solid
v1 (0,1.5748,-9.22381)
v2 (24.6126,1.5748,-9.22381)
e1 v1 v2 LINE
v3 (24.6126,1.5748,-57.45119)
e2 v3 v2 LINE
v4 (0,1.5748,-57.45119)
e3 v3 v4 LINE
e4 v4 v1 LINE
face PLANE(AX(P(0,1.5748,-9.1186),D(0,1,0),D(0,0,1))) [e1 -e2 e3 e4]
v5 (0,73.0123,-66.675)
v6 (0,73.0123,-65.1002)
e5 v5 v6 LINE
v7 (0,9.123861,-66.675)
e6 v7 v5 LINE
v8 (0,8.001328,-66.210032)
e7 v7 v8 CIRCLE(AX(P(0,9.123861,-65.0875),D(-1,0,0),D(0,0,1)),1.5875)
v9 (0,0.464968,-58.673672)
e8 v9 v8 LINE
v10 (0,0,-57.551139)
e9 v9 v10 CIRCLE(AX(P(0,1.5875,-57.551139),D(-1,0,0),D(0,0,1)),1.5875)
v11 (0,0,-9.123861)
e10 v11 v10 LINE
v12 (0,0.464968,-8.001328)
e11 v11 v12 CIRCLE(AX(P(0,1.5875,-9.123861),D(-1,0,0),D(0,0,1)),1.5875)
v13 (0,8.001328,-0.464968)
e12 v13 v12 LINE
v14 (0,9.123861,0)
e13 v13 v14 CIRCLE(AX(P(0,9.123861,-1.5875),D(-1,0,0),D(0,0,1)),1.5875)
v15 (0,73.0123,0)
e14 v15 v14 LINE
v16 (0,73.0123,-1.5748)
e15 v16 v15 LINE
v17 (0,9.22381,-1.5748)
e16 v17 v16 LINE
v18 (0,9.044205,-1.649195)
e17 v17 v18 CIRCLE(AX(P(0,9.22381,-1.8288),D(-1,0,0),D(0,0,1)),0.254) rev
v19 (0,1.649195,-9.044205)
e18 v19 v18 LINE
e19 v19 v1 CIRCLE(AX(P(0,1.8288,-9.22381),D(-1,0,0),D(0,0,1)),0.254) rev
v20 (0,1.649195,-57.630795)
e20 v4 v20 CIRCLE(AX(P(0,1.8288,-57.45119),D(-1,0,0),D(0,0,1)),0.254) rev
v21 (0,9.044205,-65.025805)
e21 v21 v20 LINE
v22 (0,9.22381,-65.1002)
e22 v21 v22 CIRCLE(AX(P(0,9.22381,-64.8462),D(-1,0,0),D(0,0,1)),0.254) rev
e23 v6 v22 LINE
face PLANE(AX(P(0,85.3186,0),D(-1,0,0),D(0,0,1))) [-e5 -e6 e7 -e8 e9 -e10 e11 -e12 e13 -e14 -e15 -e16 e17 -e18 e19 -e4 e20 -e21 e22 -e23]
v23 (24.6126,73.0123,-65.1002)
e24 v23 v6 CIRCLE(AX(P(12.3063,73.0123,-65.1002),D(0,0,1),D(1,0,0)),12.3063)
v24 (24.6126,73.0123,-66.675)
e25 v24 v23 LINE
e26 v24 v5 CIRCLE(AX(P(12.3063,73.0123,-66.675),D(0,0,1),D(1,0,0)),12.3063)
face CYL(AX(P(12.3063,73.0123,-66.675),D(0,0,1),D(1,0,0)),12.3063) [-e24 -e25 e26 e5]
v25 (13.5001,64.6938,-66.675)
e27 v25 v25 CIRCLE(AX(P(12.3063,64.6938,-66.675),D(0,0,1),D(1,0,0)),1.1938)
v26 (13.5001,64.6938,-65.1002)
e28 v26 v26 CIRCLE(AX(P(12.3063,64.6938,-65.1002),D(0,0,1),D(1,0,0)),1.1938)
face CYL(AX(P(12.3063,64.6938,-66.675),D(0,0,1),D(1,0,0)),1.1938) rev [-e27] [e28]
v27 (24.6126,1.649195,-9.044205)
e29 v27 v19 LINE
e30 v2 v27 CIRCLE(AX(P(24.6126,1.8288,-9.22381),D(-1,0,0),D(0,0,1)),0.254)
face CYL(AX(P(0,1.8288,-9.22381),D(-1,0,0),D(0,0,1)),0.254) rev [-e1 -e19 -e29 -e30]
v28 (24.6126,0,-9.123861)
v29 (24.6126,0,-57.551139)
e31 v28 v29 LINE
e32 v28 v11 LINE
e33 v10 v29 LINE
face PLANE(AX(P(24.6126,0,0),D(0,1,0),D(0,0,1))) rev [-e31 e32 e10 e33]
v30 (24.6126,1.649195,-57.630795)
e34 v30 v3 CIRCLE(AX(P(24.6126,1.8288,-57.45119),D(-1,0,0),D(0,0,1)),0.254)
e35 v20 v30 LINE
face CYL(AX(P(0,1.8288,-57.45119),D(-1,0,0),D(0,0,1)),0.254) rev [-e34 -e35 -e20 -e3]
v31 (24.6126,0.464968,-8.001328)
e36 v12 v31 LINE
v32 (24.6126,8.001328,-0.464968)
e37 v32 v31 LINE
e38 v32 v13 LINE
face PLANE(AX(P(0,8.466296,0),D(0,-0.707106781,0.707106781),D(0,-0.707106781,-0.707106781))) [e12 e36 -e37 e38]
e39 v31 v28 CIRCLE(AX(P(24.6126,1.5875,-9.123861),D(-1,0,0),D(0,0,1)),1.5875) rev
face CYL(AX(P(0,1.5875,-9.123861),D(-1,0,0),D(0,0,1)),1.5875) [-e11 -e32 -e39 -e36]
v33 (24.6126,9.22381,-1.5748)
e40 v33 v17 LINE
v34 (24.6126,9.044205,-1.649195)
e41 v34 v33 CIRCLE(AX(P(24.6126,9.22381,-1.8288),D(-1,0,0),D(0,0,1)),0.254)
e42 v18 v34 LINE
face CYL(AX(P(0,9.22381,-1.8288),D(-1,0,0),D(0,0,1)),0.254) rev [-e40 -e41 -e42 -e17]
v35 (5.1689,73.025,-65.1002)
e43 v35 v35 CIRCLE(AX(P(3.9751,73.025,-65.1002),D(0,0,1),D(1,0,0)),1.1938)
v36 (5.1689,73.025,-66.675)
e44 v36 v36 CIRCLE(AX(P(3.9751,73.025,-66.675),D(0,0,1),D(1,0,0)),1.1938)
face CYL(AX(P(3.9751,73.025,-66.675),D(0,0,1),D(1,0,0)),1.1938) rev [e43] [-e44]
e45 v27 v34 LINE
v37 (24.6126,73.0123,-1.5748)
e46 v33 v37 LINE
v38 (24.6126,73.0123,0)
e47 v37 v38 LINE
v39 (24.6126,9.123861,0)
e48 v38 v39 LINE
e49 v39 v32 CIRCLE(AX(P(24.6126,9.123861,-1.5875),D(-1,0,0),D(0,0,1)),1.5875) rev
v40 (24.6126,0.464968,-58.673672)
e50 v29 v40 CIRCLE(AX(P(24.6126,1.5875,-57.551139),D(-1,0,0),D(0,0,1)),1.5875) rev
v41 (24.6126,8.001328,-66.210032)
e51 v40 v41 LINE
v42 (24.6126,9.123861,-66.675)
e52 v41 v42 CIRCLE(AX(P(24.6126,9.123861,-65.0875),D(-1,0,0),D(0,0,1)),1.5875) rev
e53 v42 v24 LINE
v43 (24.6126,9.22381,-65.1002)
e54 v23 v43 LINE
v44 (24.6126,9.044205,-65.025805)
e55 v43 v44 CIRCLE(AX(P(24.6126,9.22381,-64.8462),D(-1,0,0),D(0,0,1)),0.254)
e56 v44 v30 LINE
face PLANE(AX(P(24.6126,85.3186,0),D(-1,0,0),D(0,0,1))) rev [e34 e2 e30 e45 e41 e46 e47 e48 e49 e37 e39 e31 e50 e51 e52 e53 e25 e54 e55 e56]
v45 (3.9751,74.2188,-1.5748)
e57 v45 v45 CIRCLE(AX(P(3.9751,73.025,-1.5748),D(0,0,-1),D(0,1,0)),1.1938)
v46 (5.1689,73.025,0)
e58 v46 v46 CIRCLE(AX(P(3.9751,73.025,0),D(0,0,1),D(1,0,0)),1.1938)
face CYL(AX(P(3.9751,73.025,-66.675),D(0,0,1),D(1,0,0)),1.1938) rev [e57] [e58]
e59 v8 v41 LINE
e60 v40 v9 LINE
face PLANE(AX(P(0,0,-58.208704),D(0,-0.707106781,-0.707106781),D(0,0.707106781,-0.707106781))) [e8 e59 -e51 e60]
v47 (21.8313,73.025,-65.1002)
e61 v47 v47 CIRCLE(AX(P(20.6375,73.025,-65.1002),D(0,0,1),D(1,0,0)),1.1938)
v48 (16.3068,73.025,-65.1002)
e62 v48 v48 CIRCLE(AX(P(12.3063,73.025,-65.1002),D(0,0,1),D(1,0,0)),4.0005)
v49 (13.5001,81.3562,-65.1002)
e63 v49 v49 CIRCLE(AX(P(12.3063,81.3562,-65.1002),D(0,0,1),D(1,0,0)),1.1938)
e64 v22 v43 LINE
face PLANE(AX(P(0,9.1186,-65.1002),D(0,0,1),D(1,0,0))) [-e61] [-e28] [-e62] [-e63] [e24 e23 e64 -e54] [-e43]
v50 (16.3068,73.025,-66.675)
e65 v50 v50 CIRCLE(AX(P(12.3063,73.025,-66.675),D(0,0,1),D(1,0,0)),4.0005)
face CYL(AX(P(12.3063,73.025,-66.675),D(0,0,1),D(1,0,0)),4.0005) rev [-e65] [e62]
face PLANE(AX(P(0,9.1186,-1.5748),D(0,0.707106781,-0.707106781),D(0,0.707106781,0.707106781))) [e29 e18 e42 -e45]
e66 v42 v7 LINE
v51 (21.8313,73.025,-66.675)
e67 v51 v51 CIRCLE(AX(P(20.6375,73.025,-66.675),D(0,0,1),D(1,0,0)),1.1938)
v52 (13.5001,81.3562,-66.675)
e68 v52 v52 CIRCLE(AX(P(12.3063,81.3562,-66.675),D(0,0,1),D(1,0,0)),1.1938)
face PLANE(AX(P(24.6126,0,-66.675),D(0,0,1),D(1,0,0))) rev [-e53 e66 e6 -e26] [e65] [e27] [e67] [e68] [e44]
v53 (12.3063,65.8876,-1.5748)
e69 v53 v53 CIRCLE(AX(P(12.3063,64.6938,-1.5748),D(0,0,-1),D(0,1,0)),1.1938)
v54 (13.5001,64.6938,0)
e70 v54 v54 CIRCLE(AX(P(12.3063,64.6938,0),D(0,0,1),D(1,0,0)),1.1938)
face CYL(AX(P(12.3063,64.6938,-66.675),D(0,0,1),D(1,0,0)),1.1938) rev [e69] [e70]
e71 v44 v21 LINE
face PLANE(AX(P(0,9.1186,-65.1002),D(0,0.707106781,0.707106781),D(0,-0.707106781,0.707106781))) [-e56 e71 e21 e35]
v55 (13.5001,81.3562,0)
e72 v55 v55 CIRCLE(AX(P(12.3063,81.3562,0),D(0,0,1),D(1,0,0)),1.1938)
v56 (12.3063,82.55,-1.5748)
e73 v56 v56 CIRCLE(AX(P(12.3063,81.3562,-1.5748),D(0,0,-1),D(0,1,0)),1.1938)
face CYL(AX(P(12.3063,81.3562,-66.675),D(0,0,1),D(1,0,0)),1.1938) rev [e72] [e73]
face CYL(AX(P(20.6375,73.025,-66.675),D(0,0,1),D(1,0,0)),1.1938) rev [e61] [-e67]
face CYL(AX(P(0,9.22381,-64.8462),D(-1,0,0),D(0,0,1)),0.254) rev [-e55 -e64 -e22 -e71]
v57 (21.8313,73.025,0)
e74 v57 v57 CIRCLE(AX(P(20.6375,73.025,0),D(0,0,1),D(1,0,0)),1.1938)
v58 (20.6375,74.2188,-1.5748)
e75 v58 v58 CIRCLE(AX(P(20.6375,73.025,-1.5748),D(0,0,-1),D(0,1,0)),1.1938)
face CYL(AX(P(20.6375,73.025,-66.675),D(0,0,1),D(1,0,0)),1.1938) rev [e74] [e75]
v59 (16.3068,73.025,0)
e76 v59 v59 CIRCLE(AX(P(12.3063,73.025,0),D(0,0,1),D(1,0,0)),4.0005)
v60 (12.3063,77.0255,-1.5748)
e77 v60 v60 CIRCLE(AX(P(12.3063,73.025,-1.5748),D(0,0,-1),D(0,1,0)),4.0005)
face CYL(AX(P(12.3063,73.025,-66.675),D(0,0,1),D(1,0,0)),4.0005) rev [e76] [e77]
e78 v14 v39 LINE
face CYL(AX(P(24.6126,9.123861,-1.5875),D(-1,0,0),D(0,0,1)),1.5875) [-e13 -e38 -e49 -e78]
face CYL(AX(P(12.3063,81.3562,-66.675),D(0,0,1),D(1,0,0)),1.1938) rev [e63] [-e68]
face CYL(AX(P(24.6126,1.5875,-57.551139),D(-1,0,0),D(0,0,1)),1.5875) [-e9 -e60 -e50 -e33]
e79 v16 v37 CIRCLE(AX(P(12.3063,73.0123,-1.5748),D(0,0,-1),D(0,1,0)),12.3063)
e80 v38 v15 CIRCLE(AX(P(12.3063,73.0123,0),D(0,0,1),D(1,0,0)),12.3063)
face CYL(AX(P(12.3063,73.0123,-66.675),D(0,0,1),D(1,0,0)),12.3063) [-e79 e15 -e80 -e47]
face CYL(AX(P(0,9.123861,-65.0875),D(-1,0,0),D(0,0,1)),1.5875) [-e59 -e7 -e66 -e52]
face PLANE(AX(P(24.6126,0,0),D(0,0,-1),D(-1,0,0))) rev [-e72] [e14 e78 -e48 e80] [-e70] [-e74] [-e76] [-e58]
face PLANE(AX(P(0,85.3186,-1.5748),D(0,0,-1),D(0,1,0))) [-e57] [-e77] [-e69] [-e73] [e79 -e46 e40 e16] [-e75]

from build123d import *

# Parameters (mm, degrees)
SKETCH2_W         = 66.675
SKETCH2_H         = 85.3186
EXTRUDE1_DEPTH    = 24.6126
SKETCH3_OUTSIDE_W = 90.883
SKETCH3_OUTSIDE_H = 109.527
EXTRUDE2_DEPTH    = 24.6126
SKETCH4_OUTSIDE_W = 48.821
SKETCH4_OUTSIDE_H = 109.527
EXTRUDE3_DEPTH    = 67.675
FILLET1_R         = 1.5875
FILLET2_R         = 0.254
SKETCH5_R         = 4.0005
SKETCH5_R_2       = 1.1938
EXTRUDE4_DEPTH    = 67.675


with BuildPart() as part:
    # Sketch2 → Extrude1 (new body)
    with BuildSketch(Plane(origin=(0, 0, 0), x_dir=(0, 0, -1), z_dir=(1, 0, 0))):
        with Locations((33.3375, 42.6593)):
            Rectangle(SKETCH2_W, SKETCH2_H)
    extrude(amount=EXTRUDE1_DEPTH)

    # Sketch3 outside → Extrude2 (cut)
    with BuildSketch(Plane(origin=(24.6126, 0, 0), x_dir=(0, 0, -1), z_dir=(1, 0, 0))):
        with Locations((33.3375, 42.6595)):
            Rectangle(SKETCH3_OUTSIDE_W, SKETCH3_OUTSIDE_H)
        Polygon((1.5748, 85.3186), (1.5748, 9.1186), (9.1186, 1.5748), (57.5564, 1.5748), (65.1002, 9.1186), (65.1002, 85.3186), (66.675, 85.3186), (66.675, 8.466296482), (58.208703518, 0), (8.466296482, 0), (0, 8.466296482), (0, 85.3186), align=None, mode=Mode.SUBTRACT)
    extrude(amount=-EXTRUDE2_DEPTH, mode=Mode.SUBTRACT)

    # Sketch4 outside → Extrude3 (cut, through all)
    with BuildSketch(Plane.XY):
        with Locations((12.3065, 42.6595)):
            Rectangle(SKETCH4_OUTSIDE_W, SKETCH4_OUTSIDE_H)
        with BuildLine():
            Line((0, 73.0123), (0, 0))
            Line((0, 0), (24.6126, 0))
            Line((24.6126, 0), (24.6126, 73.0123))
            ThreePointArc((24.6126, 73.0123), (12.3063, 85.3186), (0, 73.0123))
        make_face(mode=Mode.SUBTRACT)
    extrude(amount=-EXTRUDE3_DEPTH, mode=Mode.SUBTRACT)

    # Fillet1
    fillet1_edges = [part.edges().sort_by_distance(p)[0] for p in [
        (12.3063, 8.466296482, -66.675),
        (12.3063, 0, -58.208703518),
        (12.3063, 0, -8.466296482),
        (12.3063, 8.466296482, 0),
    ]]
    fillet(fillet1_edges, radius=FILLET1_R)

    # Fillet2
    fillet2_edges = [part.edges().sort_by_distance(p)[0] for p in [
        (12.3063, 9.1186, -1.5748),
        (12.3063, 1.5748, -9.1186),
        (12.3063, 1.5748, -57.5564),
        (12.3063, 9.1186, -65.1002),
    ]]
    fillet(fillet2_edges, radius=FILLET2_R)

    # Sketch5 → Extrude4 (cut, through all)
    with BuildSketch(Plane.XY):
        with Locations((12.3063, 73.025)):
            Circle(SKETCH5_R)
        with Locations((12.3063, 81.3562)):
            Circle(SKETCH5_R_2)
        with Locations((3.9751, 73.025)):
            Circle(SKETCH5_R_2)
        with Locations((12.3063, 64.6938)):
            Circle(SKETCH5_R_2)
        with Locations((20.6375, 73.025)):
            Circle(SKETCH5_R_2)
    extrude(amount=-EXTRUDE4_DEPTH, mode=Mode.SUBTRACT)


solid = part.part
